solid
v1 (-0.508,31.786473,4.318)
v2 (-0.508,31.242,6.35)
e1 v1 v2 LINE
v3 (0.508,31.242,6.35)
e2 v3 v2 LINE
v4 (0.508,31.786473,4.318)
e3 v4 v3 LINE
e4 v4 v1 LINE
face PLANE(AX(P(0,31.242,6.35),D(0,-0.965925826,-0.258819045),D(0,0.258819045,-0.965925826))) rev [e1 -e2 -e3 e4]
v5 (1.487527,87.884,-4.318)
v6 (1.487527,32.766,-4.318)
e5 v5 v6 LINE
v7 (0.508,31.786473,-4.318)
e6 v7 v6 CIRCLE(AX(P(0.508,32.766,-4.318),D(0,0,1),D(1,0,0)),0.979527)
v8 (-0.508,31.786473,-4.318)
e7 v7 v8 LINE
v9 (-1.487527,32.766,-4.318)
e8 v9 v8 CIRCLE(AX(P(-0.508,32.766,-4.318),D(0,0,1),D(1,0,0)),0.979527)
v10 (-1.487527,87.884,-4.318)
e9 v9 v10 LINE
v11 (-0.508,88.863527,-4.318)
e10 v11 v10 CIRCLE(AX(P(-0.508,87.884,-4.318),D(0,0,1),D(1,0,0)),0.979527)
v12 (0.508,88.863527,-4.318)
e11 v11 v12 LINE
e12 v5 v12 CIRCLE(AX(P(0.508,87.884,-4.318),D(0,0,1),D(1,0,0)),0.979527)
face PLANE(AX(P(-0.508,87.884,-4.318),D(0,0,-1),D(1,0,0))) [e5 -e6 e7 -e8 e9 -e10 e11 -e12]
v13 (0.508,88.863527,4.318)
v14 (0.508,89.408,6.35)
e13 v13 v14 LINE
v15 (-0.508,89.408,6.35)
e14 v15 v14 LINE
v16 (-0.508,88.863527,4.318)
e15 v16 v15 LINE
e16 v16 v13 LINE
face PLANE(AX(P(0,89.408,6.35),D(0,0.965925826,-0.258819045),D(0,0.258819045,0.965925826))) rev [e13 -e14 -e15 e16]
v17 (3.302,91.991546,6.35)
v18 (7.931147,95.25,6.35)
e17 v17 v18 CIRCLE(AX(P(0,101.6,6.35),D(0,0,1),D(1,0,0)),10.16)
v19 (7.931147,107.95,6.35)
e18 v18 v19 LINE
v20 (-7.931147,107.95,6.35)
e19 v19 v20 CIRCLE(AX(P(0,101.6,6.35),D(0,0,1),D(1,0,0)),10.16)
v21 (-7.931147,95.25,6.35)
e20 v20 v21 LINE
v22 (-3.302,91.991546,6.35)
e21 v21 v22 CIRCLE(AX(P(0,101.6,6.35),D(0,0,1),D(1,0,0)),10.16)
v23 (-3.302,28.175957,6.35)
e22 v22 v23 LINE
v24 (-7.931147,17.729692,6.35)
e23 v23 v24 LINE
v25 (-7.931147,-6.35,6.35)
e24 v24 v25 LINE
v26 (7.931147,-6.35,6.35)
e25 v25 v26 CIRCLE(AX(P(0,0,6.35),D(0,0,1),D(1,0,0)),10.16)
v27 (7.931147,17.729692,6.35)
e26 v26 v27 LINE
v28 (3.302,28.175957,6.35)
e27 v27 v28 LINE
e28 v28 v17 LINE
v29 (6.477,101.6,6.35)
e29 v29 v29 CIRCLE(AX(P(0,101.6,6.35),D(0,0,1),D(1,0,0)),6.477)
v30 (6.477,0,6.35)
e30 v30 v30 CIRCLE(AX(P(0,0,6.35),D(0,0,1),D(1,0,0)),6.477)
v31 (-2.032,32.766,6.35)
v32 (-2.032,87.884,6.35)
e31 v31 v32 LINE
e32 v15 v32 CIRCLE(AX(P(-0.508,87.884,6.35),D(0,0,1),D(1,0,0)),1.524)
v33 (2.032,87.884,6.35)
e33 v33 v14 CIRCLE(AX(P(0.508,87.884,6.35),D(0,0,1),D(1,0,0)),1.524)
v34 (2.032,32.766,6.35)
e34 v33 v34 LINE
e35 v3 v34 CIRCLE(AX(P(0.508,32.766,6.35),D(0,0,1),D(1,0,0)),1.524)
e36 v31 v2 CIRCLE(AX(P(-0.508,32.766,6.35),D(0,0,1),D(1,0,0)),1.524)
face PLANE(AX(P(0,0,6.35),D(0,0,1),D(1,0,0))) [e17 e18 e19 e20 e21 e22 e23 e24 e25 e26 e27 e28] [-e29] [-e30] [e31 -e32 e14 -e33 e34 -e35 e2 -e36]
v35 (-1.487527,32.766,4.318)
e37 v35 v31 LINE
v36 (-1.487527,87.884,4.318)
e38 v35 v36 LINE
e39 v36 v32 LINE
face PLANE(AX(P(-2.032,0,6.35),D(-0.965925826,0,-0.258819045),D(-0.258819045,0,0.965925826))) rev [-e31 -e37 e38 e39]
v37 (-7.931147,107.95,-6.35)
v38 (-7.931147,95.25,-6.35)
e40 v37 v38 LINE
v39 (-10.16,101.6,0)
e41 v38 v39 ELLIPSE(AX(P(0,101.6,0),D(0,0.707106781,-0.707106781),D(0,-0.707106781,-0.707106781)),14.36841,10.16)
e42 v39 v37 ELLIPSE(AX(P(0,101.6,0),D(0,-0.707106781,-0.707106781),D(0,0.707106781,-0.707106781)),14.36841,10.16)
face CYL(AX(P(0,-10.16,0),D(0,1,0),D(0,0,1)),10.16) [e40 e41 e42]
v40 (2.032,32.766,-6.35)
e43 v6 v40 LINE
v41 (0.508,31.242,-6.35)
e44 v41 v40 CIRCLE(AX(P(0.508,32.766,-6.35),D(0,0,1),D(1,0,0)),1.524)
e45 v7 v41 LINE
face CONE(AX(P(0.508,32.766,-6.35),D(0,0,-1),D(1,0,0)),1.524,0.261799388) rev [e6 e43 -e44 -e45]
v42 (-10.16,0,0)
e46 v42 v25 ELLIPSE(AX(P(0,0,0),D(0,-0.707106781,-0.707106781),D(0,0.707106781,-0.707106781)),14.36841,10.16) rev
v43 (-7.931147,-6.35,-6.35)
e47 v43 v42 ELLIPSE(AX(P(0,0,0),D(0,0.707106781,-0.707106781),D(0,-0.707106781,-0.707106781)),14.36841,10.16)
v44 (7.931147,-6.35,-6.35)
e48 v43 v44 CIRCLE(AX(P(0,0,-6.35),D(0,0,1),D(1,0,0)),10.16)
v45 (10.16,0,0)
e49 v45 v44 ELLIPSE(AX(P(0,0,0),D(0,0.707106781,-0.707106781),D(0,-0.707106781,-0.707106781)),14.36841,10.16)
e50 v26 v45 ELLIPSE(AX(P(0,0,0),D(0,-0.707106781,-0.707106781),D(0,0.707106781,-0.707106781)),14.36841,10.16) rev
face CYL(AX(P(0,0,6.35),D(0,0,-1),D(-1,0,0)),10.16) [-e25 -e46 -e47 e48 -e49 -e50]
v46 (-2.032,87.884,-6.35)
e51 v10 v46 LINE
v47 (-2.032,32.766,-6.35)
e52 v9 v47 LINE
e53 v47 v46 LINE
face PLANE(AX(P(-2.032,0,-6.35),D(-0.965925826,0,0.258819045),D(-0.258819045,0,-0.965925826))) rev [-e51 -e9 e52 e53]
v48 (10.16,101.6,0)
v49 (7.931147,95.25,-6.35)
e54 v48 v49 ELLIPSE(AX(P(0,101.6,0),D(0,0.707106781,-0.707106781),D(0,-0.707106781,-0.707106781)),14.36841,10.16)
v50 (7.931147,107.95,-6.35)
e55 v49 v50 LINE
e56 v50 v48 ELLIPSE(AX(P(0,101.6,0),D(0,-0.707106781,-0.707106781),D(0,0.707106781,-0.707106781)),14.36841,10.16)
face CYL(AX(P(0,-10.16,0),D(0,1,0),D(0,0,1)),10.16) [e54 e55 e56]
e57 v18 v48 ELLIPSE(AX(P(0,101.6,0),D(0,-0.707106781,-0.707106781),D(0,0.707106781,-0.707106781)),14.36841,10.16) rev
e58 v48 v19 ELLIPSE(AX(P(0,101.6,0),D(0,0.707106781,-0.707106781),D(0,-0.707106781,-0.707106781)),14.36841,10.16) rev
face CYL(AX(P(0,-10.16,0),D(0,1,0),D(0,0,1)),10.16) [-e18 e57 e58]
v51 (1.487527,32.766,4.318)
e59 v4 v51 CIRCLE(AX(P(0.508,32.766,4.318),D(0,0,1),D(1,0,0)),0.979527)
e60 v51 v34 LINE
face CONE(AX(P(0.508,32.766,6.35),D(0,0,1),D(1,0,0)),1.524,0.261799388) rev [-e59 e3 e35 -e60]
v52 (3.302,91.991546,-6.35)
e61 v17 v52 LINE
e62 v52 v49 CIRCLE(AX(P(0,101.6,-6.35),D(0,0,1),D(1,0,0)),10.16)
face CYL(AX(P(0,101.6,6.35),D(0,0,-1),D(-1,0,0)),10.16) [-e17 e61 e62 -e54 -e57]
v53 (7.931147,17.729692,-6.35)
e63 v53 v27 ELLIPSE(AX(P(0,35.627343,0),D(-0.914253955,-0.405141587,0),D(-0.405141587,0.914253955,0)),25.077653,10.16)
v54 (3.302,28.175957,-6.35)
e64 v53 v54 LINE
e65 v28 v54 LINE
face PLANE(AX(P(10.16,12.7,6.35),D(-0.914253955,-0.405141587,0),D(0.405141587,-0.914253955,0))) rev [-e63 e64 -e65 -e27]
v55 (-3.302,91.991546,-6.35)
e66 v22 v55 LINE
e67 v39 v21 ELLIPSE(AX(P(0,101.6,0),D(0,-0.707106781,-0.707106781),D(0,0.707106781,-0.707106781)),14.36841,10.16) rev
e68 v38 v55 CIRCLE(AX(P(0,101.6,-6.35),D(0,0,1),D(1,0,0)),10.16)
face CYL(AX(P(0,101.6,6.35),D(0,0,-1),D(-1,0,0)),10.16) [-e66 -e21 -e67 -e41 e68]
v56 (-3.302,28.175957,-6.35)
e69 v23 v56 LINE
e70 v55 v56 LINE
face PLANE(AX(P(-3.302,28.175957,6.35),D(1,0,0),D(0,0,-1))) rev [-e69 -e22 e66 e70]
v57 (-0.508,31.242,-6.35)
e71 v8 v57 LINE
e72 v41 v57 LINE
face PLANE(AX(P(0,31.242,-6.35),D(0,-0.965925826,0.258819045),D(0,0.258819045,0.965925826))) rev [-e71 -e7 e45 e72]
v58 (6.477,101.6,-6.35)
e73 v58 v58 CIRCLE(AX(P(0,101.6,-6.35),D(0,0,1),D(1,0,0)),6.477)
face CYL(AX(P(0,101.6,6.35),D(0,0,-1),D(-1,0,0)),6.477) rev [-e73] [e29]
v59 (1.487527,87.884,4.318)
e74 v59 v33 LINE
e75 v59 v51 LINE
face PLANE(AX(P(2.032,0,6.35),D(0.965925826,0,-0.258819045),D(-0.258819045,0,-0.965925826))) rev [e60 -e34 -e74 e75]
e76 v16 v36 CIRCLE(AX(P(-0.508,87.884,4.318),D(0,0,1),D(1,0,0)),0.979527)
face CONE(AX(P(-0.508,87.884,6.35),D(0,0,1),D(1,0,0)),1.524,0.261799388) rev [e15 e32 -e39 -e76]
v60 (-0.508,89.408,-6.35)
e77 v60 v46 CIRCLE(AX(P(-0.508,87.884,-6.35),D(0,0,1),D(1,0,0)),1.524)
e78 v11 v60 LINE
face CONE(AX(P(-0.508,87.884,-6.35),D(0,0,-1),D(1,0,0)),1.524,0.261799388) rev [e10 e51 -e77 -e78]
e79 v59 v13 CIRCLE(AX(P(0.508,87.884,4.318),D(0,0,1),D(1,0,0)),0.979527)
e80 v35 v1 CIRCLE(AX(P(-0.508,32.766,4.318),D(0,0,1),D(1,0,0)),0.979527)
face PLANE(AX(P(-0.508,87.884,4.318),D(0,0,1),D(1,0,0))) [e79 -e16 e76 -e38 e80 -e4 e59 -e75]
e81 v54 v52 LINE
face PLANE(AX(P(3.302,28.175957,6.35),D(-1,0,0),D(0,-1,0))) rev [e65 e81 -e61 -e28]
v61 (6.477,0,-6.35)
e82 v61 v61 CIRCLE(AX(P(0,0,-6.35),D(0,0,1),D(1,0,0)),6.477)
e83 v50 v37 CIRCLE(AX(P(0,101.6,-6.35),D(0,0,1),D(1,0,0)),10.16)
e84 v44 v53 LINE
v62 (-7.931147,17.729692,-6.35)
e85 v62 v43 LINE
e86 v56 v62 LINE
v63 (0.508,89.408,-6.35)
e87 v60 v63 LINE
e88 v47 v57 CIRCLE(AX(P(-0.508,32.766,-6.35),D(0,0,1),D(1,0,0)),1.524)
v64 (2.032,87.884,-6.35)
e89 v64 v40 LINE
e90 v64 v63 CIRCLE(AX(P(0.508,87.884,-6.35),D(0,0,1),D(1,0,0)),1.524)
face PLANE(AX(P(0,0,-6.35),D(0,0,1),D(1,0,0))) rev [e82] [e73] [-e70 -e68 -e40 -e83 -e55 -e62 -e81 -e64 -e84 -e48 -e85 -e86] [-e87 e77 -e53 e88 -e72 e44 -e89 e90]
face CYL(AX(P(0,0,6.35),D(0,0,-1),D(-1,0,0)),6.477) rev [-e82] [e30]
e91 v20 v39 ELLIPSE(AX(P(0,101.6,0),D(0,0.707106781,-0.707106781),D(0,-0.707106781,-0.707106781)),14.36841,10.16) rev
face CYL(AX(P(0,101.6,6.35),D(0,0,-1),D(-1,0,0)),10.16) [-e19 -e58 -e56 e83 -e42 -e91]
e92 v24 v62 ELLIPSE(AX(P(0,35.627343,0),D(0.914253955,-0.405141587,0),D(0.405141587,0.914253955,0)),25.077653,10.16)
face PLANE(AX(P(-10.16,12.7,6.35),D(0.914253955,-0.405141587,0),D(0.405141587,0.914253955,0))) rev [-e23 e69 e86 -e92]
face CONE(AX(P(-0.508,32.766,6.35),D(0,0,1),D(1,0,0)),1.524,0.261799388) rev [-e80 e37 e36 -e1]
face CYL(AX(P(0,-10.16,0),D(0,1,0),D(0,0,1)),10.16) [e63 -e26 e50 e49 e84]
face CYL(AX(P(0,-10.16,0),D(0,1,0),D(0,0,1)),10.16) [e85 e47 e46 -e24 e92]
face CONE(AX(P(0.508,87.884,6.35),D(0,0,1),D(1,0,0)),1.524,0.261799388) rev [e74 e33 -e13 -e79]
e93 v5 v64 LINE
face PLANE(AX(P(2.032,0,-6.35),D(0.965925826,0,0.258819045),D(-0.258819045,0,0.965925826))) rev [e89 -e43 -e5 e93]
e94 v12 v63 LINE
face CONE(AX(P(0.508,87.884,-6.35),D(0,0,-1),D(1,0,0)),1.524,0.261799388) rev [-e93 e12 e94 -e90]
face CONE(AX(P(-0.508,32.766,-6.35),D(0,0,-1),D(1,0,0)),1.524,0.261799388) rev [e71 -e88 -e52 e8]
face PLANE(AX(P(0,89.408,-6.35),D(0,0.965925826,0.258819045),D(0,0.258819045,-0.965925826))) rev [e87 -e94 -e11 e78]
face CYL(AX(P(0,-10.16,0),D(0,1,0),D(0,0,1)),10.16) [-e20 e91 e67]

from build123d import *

# Parameters (mm, degrees)
SKETCH1_R               = 6.477
BOSS_EXTRUDE1_DEPTH     = 6.35
CUT_EXTRUDE4_START      = 6.35
CUT_EXTRUDE4_DEPTH      = 2.032
CUT_EXTRUDE4_DRAFT      = -15
MIRROR1_START           = 6.35
MIRROR1_COPY_1_DEPTH    = 2.032
MIRROR1_COPY_1_DRAFT    = -15
CUT_EXTRUDE5_DEPTH      = 113.400381227
CUT_EXTRUDE5_DEPTH_BACK = 113.400381227
SKETCH3_OUTSIDE_W       = 47.17
SKETCH3_OUTSIDE_H       = 39.55
SKETCH3_OUTSIDE_R       = 10.16


with BuildPart() as part:
    # Sketch1 → Boss-Extrude1 (new, symmetric)
    with BuildSketch(Plane.XY):
        with BuildLine():
            Line((-10.16, 0), (-10.16, 12.7))
            Line((-10.16, 12.7), (-3.302, 28.175956627))
            Line((-3.302, 28.175956627), (-3.302, 91.991545598))
            ThreePointArc((-3.302, 91.991545598), (0, 111.76), (3.302, 91.991545598))
            Line((3.302, 91.991545598), (3.302, 28.175956627))
            Line((3.302, 28.175956627), (10.16, 12.7))
            Line((10.16, 12.7), (10.16, 0))
            ThreePointArc((10.16, 0), (0, -10.16), (-10.16, 0))
        make_face()
        Circle(SKETCH1_R, mode=Mode.SUBTRACT)
        with Locations((0, 101.6)):
            Circle(SKETCH1_R, mode=Mode.SUBTRACT)
    extrude(amount=BOSS_EXTRUDE1_DEPTH, both=True)


with BuildPart() as cut_extrude4_tool:
    # Sketch2 → Cut-Extrude4 (with draft: the straight prism first)
    with BuildSketch(Plane.XY.offset(CUT_EXTRUDE4_START)):
        with BuildLine():
            ThreePointArc((0.508, 31.242), (1.585630735, 31.688369265), (2.032, 32.766))
            Line((2.032, 32.766), (2.032, 87.884))
            ThreePointArc((2.032, 87.884), (1.585630735, 88.961630735), (0.508, 89.408))
            Line((0.508, 89.408), (-0.508, 89.408))
            ThreePointArc((-0.508, 89.408), (-1.585630735, 88.961630735), (-2.032, 87.884))
            Line((-2.032, 87.884), (-2.032, 32.766))
            ThreePointArc((-2.032, 32.766), (-1.585630735, 31.688369265), (-0.508, 31.242))
            Line((-0.508, 31.242), (0.508, 31.242))
        make_face()
    extrude(amount=-CUT_EXTRUDE4_DEPTH)
    # Cut-Extrude4: the draft: its side faces are tilted about the plane it starts from
    cut_extrude4_sides = [cut_extrude4_tool.faces().sort_by_distance(p)[0] for p in [
        (-1.585630735, 31.688369265, 5.334),
        (0, 31.242, 5.334),
        (1.585630735, 31.688369265, 5.334),
        (2.032, 60.325, 5.334),
        (1.585630735, 88.961630735, 5.334),
        (0, 89.408, 5.334),
        (-1.585630735, 88.961630735, 5.334),
        (-2.032, 60.325, 5.334),
    ]]
    draft(cut_extrude4_sides, Plane.XY.offset(CUT_EXTRUDE4_START), CUT_EXTRUDE4_DRAFT)


with BuildPart() as part_1:
    add(part.part)

    # Cut-Extrude4: cut by cut_extrude4_tool
    add(cut_extrude4_tool.part, mode=Mode.SUBTRACT)


with BuildPart() as mirror1_copy_1_tool:
    # Mirror1 copy 1 sketch → Mirror1 copy 1 (with draft: the straight prism first)
    with BuildSketch(Plane(origin=(0, 0, 0), x_dir=(1, 0, 0), z_dir=(0, 0, -1)).offset(MIRROR1_START)):
        with BuildLine():
            ThreePointArc((0.508, -31.242), (1.585630735, -31.688369265), (2.032, -32.766))
            Line((2.032, -32.766), (2.032, -87.884))
            ThreePointArc((2.032, -87.884), (1.585630735, -88.961630735), (0.508, -89.408))
            Line((0.508, -89.408), (-0.508, -89.408))
            ThreePointArc((-0.508, -89.408), (-1.585630735, -88.961630735), (-2.032, -87.884))
            Line((-2.032, -87.884), (-2.032, -32.766))
            ThreePointArc((-2.032, -32.766), (-1.585630735, -31.688369265), (-0.508, -31.242))
            Line((-0.508, -31.242), (0.508, -31.242))
        make_face()
    extrude(amount=-MIRROR1_COPY_1_DEPTH)
    # Mirror1 copy 1: the draft: its side faces are tilted about the plane it starts from
    mirror1_copy_1_sides = [mirror1_copy_1_tool.faces().sort_by_distance(p)[0] for p in [
        (-1.585630735, 31.688369265, -5.334),
        (0, 31.242, -5.334),
        (1.585630735, 31.688369265, -5.334),
        (2.032, 60.325, -5.334),
        (1.585630735, 88.961630735, -5.334),
        (0, 89.408, -5.334),
        (-1.585630735, 88.961630735, -5.334),
        (-2.032, 60.325, -5.334),
    ]]
    draft(mirror1_copy_1_sides, Plane(origin=(0, 0, 0), x_dir=(1, 0, 0), z_dir=(0, 0, -1)).offset(MIRROR1_START), MIRROR1_COPY_1_DRAFT)


with BuildPart() as part_2:
    add(part_1.part)

    # Mirror1 copy 1: cut by mirror1_copy_1_tool
    add(mirror1_copy_1_tool.part, mode=Mode.SUBTRACT)

    # Sketch3 outside → Cut-Extrude5 (cut, two sides: drawn at the far end of the back side and taken through both)
    with BuildSketch(Plane(origin=(0, 0, 0), x_dir=(1, 0, 0), z_dir=(0, 1, 0)).offset(-CUT_EXTRUDE5_DEPTH_BACK)):
        Rectangle(SKETCH3_OUTSIDE_W, SKETCH3_OUTSIDE_H)
        Circle(SKETCH3_OUTSIDE_R, mode=Mode.SUBTRACT)
    extrude(amount=CUT_EXTRUDE5_DEPTH + CUT_EXTRUDE5_DEPTH_BACK, mode=Mode.SUBTRACT)


solid = part_2.part
